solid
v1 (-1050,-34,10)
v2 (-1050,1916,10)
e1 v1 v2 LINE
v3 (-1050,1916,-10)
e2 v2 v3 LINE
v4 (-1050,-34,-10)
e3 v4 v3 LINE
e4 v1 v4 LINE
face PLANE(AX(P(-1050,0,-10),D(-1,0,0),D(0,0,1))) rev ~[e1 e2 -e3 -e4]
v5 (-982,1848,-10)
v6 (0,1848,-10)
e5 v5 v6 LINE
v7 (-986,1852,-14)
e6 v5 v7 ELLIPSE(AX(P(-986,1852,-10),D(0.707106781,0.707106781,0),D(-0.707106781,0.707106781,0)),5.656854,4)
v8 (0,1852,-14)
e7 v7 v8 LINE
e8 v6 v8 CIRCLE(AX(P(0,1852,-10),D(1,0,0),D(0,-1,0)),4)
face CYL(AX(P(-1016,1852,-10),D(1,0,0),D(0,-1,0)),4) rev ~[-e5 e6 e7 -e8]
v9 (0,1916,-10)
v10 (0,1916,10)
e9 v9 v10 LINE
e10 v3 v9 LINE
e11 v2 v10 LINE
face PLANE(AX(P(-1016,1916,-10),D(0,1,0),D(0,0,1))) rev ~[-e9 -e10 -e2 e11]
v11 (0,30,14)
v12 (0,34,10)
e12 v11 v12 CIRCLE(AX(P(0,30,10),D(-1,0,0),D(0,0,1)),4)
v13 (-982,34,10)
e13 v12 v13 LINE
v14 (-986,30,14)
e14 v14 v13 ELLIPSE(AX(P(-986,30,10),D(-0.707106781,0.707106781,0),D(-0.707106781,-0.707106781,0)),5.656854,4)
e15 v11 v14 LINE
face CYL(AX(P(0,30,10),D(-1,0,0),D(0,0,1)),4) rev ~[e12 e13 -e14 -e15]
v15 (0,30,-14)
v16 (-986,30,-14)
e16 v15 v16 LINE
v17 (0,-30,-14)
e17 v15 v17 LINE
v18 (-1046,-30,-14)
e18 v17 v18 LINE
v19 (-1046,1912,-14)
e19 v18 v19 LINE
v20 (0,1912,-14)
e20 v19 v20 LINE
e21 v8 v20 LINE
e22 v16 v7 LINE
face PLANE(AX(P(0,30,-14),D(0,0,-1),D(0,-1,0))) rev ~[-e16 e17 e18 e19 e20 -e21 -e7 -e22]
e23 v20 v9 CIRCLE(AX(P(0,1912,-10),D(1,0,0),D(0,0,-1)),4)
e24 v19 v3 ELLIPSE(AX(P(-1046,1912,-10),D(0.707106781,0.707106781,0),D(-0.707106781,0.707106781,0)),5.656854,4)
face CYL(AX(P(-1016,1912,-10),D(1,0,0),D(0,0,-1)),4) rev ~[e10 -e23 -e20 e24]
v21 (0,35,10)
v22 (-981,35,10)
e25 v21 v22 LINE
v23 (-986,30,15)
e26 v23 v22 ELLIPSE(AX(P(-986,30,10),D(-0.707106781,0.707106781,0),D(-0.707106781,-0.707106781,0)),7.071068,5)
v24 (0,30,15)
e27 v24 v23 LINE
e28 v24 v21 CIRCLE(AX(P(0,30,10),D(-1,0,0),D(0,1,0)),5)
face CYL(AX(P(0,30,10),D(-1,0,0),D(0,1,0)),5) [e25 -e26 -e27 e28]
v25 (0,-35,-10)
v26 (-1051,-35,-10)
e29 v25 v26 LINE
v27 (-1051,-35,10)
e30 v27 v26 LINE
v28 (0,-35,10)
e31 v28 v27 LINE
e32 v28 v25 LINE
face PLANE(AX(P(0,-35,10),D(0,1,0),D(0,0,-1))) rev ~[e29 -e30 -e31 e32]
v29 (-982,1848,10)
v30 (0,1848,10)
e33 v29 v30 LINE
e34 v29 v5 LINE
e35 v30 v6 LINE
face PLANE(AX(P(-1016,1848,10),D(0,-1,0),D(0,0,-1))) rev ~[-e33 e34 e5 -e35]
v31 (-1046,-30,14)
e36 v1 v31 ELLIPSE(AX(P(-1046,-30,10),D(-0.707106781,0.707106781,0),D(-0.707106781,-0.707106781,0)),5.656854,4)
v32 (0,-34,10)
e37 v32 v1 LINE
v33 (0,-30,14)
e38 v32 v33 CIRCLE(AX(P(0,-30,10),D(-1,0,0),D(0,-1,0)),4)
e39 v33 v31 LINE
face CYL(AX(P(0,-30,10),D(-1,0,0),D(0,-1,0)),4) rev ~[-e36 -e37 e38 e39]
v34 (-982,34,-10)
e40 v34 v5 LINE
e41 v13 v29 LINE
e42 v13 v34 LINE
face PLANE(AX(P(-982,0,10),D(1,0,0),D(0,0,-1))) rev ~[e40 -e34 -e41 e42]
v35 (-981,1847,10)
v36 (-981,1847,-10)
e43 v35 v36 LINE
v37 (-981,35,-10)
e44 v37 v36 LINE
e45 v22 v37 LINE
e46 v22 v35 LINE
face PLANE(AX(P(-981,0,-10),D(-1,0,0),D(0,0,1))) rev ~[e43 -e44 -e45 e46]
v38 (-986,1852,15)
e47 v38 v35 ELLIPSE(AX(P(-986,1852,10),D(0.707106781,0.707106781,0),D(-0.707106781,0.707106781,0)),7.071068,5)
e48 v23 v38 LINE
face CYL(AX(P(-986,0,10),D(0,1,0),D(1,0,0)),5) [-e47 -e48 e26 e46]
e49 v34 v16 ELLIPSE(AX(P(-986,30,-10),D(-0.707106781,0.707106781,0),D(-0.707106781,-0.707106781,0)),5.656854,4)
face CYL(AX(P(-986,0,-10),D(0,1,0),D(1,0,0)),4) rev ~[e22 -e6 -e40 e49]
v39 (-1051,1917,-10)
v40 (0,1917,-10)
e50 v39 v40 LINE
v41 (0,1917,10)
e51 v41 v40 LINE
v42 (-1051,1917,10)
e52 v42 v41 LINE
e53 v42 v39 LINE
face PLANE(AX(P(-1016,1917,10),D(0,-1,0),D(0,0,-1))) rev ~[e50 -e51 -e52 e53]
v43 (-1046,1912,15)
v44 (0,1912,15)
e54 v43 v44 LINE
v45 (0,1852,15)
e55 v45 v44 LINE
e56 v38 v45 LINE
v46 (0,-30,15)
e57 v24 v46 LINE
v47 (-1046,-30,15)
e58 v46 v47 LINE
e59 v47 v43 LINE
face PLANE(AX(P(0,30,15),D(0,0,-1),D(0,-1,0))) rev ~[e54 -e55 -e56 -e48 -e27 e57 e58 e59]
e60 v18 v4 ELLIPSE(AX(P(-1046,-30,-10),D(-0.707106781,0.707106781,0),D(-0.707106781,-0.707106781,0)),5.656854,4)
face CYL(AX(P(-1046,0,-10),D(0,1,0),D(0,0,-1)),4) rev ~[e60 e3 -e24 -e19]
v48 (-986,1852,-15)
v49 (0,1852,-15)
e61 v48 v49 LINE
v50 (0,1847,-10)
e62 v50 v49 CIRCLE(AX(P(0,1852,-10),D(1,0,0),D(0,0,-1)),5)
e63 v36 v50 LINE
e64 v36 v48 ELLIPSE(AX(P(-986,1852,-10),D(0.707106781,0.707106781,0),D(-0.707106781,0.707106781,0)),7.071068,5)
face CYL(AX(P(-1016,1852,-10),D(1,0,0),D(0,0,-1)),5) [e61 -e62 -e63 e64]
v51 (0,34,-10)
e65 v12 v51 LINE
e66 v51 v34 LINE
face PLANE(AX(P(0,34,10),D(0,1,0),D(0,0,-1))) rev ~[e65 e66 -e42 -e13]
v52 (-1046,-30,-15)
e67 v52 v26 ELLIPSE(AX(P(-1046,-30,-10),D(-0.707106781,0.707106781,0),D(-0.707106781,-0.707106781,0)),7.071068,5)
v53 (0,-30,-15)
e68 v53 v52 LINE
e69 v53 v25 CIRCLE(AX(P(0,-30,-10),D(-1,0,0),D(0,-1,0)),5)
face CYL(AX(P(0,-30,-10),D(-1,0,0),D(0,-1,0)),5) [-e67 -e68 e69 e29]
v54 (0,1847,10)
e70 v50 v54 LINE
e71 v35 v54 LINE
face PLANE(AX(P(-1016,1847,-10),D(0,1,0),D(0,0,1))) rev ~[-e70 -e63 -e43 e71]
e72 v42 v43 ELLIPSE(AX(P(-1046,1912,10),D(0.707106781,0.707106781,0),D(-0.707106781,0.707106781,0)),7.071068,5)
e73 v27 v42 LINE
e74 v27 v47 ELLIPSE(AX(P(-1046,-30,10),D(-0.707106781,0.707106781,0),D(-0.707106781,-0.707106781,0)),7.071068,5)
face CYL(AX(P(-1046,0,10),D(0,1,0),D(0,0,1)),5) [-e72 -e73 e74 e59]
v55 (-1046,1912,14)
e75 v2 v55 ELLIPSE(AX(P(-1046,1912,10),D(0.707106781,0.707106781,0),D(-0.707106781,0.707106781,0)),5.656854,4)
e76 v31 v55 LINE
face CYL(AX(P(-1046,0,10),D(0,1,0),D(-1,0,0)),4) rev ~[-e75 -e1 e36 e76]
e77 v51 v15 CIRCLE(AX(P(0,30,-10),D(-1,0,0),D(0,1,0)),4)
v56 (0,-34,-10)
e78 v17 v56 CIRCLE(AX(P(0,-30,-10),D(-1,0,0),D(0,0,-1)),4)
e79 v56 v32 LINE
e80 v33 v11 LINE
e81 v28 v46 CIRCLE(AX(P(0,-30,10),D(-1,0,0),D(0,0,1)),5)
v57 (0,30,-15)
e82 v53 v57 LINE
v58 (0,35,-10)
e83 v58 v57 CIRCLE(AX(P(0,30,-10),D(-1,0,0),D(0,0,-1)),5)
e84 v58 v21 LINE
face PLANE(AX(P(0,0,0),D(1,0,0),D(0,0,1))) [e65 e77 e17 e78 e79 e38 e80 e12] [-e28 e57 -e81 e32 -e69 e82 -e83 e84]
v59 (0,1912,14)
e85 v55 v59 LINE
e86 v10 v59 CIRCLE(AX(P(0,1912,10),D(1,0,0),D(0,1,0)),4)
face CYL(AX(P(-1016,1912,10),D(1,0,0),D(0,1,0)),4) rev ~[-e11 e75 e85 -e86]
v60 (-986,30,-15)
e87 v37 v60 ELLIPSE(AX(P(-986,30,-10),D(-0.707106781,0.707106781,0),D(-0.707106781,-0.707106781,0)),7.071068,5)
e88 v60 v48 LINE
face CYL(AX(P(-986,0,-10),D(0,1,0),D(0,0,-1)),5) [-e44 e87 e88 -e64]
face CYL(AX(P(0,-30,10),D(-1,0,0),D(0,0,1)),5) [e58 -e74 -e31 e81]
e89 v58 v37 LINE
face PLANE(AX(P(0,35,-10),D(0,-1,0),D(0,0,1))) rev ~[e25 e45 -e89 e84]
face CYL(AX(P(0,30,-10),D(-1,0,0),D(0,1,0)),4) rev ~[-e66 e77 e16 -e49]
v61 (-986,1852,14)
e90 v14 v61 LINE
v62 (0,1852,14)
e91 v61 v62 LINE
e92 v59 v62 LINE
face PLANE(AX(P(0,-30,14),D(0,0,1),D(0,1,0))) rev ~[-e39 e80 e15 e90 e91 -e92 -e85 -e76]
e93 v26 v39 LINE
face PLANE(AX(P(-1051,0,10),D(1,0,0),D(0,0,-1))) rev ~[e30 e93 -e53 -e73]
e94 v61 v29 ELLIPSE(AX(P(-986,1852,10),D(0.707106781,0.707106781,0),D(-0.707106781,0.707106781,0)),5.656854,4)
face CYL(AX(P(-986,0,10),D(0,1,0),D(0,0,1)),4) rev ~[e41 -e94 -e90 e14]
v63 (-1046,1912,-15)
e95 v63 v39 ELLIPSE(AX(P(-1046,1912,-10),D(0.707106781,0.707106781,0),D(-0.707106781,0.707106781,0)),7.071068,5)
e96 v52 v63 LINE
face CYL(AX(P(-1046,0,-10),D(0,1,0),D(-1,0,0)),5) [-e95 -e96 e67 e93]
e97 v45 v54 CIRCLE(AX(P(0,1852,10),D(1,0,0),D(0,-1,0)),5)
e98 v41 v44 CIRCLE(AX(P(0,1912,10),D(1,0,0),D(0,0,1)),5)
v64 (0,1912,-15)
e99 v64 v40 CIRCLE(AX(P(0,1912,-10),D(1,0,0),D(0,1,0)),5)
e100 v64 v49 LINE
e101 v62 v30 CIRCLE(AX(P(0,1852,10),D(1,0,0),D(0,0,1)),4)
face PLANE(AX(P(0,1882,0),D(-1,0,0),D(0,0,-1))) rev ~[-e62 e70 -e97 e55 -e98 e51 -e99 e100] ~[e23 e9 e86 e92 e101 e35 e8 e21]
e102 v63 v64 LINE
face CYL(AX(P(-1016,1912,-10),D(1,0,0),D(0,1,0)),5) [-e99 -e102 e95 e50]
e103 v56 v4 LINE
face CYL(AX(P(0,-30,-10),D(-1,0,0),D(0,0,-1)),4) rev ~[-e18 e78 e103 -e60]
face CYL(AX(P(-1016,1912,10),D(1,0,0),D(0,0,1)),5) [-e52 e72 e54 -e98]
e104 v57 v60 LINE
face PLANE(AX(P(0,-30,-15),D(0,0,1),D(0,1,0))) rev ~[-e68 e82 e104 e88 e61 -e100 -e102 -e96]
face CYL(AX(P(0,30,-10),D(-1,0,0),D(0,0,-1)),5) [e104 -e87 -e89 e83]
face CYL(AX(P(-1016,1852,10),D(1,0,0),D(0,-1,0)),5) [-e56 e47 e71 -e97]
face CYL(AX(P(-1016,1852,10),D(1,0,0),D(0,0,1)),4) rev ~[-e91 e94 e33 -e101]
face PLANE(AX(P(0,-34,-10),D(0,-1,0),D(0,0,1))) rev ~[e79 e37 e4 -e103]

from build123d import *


with BuildPart() as f2:
    # F2: sweep along a path in F1
    with BuildLine(Plane.XY) as f2_path:
        Line((0, 0), (-1016, 0))
        Line((-1016, 0), (-1016, 1882))
        Line((-1016, 1882), (0, 1882))
    # F0 (on Right) → F2 (sweep)
    with BuildSketch(Plane.YZ):
        with BuildLine():
            ThreePointArc((35, 10), (33.5355339059, 13.5355339059), (30, 15))
            Line((30, 15), (-30, 15))
            ThreePointArc((-30, 15), (-33.5355339059, 13.5355339059), (-35, 10))
            Line((-35, 10), (-35, -10))
            ThreePointArc((-35, -10), (-33.5355339059, -13.5355339059), (-30, -15))
            Line((-30, -15), (30, -15))
            ThreePointArc((30, -15), (33.5355339059, -13.5355339059), (35, -10))
            Line((35, -10), (35, 10))
        make_face()
        with BuildLine():
            ThreePointArc((30, 14), (32.8284271247, 12.8284271247), (34, 10))
            Line((34, 10), (34, -10))
            ThreePointArc((34, -10), (32.8284271247, -12.8284271247), (30, -14))
            Line((30, -14), (-30, -14))
            ThreePointArc((-30, -14), (-32.8284271247, -12.8284271247), (-34, -10))
            Line((-34, -10), (-34, 10))
            ThreePointArc((-34, 10), (-32.8284271247, 12.8284271247), (-30, 14))
            Line((-30, 14), (30, 14))
        make_face(mode=Mode.SUBTRACT)
    sweep(path=f2_path.line, transition=Transition.RIGHT)


solid = f2.part
